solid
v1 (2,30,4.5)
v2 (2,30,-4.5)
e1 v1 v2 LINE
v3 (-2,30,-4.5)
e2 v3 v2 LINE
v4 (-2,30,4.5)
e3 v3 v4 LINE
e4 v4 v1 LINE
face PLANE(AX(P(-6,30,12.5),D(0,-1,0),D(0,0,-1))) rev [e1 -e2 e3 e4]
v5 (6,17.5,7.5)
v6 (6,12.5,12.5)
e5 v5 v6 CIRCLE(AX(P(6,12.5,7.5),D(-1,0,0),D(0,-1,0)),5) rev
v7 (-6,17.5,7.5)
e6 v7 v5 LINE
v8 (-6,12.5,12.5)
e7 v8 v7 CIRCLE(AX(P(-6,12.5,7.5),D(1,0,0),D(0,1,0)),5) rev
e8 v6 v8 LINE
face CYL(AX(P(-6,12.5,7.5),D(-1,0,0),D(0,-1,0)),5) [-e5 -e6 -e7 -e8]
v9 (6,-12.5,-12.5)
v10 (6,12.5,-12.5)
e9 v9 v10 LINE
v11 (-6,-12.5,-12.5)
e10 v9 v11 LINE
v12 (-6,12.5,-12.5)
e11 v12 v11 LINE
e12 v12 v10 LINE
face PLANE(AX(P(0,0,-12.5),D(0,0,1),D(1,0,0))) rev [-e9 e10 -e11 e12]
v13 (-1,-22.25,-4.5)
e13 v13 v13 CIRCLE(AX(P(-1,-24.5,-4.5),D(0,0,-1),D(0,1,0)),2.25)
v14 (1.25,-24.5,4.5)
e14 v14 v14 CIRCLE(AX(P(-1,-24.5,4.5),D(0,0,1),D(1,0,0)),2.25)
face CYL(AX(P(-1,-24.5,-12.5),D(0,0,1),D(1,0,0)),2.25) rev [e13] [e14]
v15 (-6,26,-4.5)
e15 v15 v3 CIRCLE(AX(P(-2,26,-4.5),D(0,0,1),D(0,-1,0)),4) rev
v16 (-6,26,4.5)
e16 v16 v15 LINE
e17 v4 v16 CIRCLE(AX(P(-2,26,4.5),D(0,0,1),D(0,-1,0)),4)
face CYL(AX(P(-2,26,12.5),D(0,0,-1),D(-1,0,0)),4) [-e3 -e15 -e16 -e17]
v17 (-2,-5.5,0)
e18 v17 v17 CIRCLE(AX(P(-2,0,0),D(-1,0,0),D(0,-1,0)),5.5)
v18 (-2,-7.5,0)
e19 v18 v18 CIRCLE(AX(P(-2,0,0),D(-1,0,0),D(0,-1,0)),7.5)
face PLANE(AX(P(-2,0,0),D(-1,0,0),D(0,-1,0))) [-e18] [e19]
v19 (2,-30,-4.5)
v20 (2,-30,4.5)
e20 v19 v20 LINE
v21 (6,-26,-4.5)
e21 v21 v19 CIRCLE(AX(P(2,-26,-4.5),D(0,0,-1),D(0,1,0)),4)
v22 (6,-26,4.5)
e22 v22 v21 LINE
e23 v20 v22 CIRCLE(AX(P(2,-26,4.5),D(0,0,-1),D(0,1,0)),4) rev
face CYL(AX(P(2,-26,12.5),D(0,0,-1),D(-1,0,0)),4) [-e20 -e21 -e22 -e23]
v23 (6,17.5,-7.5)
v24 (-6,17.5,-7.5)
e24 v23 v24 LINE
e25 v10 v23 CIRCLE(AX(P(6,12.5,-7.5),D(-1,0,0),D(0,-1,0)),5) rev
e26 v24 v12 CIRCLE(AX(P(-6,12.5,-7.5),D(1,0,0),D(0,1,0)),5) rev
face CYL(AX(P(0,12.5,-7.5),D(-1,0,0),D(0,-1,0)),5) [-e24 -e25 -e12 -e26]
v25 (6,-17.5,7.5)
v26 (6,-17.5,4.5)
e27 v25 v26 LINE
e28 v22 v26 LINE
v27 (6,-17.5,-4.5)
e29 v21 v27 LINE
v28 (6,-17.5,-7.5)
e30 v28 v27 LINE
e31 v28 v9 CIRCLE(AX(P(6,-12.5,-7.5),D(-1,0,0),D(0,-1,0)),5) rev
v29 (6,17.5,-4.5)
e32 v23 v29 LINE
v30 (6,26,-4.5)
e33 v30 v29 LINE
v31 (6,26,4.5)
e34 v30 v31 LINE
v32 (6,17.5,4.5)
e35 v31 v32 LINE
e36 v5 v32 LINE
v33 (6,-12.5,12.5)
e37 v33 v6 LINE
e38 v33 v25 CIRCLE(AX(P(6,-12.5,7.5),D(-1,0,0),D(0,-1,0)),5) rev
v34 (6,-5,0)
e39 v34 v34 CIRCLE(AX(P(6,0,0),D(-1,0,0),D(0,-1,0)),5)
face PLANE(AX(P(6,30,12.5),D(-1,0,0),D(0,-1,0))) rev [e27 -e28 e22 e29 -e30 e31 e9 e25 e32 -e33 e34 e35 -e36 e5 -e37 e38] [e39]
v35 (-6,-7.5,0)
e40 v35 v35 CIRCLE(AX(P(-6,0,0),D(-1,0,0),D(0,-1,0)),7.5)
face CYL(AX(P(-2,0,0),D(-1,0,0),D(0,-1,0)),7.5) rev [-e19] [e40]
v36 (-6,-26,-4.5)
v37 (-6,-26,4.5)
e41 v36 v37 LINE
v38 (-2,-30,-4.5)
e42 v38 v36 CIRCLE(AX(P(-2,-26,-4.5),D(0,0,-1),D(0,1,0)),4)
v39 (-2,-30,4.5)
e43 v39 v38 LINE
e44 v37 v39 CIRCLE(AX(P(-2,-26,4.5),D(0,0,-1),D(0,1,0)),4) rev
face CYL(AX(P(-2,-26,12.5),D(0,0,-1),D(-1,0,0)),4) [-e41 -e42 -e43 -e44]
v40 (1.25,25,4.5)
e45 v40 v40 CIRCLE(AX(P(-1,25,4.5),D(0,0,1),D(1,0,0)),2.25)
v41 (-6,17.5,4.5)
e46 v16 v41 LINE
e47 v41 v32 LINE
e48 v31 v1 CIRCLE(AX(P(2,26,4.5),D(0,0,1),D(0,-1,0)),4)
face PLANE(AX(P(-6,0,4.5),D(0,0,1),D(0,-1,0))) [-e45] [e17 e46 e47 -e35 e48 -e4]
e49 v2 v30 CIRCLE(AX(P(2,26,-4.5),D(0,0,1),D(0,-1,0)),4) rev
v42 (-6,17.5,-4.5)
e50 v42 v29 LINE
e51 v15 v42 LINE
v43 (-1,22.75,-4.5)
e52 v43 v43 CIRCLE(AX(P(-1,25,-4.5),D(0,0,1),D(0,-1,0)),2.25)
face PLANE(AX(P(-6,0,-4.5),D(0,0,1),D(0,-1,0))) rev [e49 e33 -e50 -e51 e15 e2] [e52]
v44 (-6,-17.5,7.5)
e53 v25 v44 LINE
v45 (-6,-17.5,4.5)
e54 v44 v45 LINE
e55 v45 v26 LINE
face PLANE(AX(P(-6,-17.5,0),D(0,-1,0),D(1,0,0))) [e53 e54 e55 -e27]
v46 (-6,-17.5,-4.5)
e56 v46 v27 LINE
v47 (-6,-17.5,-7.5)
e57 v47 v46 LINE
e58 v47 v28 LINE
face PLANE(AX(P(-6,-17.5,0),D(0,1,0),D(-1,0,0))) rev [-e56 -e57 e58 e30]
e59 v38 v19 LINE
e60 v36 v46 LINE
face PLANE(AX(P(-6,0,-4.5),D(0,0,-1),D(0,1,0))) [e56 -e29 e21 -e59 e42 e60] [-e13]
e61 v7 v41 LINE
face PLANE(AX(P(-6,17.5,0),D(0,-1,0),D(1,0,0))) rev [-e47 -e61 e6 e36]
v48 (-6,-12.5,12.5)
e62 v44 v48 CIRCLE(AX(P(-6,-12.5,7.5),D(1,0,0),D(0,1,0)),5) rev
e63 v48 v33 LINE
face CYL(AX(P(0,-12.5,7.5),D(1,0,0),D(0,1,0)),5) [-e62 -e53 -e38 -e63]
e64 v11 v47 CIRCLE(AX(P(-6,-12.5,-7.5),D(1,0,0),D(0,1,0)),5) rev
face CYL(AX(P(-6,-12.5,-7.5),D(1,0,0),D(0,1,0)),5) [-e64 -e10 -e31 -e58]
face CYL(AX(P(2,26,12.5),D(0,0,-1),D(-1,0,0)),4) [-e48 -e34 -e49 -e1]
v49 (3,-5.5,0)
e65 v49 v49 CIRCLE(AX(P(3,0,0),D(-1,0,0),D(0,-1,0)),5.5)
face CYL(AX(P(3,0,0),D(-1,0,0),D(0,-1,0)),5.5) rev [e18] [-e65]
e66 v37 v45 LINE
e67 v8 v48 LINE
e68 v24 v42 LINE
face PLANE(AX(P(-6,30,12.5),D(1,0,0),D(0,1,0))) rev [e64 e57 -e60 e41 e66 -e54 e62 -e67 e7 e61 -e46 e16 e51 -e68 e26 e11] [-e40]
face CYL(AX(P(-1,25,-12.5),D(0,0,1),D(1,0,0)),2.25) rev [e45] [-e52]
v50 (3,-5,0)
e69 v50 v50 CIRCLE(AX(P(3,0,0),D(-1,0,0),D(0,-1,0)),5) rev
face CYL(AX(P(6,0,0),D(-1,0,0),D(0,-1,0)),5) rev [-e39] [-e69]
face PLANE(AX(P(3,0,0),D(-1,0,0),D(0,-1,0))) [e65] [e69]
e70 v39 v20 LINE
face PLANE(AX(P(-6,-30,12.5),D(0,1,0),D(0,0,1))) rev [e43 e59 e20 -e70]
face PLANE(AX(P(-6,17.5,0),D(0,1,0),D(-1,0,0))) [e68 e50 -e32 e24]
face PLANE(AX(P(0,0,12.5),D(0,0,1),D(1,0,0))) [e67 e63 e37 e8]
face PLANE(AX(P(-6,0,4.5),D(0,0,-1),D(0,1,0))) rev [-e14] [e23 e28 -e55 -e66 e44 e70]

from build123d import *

# Parameters (mm, degrees)
SKETCH2_W           = 12
SKETCH2_H           = 60
BOSS_EXTRUDE1_DEPTH = 12.5
SKETCH3_W           = 8
SKETCH3_H           = 12.5
CUT_EXTRUDE1_DEPTH  = 35.644624403
SKETCH4_R           = 2.25
CUT_EXTRUDE2_DEPTH  = 36
FILLET1_R           = 5
FILLET2_R           = 4
CUT_EXTRUDE3_START  = -8
SKETCH5_R           = 5
CUT_EXTRUDE3_DEPTH  = 4
SKETCH6_R           = 7.5
CUT_EXTRUDE4_DEPTH  = 4
SKETCH8_R           = 5.5
CUT_EXTRUDE6_DEPTH  = 5


with BuildPart() as part:
    # Sketch2 → Boss-Extrude1 (new, symmetric)
    with BuildSketch(Plane.XY):
        Rectangle(SKETCH2_W, SKETCH2_H)
    extrude(amount=BOSS_EXTRUDE1_DEPTH, both=True)

    # Sketch3 → Cut-Extrude1 (cut, through all)
    with BuildSketch(Plane(origin=(6, 0, 0), x_dir=(0, 0, -1), z_dir=(1, 0, 0))):
        with Locations((-8.5, -23.75)):
            Rectangle(SKETCH3_W, SKETCH3_H)
        with Locations((8.5, -23.75)):
            Rectangle(SKETCH3_W, SKETCH3_H)
        with Locations((8.5, 23.75)):
            Rectangle(SKETCH3_W, SKETCH3_H)
        with Locations((-8.5, 23.75)):
            Rectangle(SKETCH3_W, SKETCH3_H)
    extrude(amount=-CUT_EXTRUDE1_DEPTH, mode=Mode.SUBTRACT)

    # Sketch4 → Cut-Extrude2 (cut, through all)
    with BuildSketch(Plane.XY.offset(4.5)):
        with Locations((-1, 25)):
            Circle(SKETCH4_R)
        with Locations((-1, -24.5)):
            Circle(SKETCH4_R)
    extrude(amount=-CUT_EXTRUDE2_DEPTH, mode=Mode.SUBTRACT)

    # Fillet1
    fillet1_edges = [part.edges().sort_by_distance(p)[0] for p in [
        (0, 17.5, 12.5),
        (0, 17.5, -12.5),
        (0, -17.5, -12.5),
        (0, -17.5, 12.5),
    ]]
    fillet(fillet1_edges, radius=FILLET1_R)

    # Fillet2
    fillet2_edges = [part.edges().sort_by_distance(p)[0] for p in [
        (6, -30, 0),
        (-6, -30, 0),
        (-6, 30, 0),
        (6, 30, 0),
    ]]
    fillet(fillet2_edges, radius=FILLET2_R)

    # Sketch5 → Cut-Extrude3 (cut)
    with BuildSketch(Plane.ZY.offset(6).offset(CUT_EXTRUDE3_START)):
        with Locations(Location((0, 0, 0), (0, 0, 270))):
            Circle(SKETCH5_R)
    extrude(amount=-CUT_EXTRUDE3_DEPTH, mode=Mode.SUBTRACT)

    # Sketch6 → Cut-Extrude4 (cut)
    with BuildSketch(Plane.ZY.offset(6)):
        with Locations(Location((0, 0, 0), (0, 0, 270))):
            Circle(SKETCH6_R)
    extrude(amount=-CUT_EXTRUDE4_DEPTH, mode=Mode.SUBTRACT)

    # Sketch8 → Cut-Extrude6 (cut)
    with BuildSketch(Plane.ZY.offset(2)):
        with Locations(Location((0, 0, 0), (0, 0, 270))):
            Circle(SKETCH8_R)
    extrude(amount=-CUT_EXTRUDE6_DEPTH, mode=Mode.SUBTRACT)


solid = part.part
